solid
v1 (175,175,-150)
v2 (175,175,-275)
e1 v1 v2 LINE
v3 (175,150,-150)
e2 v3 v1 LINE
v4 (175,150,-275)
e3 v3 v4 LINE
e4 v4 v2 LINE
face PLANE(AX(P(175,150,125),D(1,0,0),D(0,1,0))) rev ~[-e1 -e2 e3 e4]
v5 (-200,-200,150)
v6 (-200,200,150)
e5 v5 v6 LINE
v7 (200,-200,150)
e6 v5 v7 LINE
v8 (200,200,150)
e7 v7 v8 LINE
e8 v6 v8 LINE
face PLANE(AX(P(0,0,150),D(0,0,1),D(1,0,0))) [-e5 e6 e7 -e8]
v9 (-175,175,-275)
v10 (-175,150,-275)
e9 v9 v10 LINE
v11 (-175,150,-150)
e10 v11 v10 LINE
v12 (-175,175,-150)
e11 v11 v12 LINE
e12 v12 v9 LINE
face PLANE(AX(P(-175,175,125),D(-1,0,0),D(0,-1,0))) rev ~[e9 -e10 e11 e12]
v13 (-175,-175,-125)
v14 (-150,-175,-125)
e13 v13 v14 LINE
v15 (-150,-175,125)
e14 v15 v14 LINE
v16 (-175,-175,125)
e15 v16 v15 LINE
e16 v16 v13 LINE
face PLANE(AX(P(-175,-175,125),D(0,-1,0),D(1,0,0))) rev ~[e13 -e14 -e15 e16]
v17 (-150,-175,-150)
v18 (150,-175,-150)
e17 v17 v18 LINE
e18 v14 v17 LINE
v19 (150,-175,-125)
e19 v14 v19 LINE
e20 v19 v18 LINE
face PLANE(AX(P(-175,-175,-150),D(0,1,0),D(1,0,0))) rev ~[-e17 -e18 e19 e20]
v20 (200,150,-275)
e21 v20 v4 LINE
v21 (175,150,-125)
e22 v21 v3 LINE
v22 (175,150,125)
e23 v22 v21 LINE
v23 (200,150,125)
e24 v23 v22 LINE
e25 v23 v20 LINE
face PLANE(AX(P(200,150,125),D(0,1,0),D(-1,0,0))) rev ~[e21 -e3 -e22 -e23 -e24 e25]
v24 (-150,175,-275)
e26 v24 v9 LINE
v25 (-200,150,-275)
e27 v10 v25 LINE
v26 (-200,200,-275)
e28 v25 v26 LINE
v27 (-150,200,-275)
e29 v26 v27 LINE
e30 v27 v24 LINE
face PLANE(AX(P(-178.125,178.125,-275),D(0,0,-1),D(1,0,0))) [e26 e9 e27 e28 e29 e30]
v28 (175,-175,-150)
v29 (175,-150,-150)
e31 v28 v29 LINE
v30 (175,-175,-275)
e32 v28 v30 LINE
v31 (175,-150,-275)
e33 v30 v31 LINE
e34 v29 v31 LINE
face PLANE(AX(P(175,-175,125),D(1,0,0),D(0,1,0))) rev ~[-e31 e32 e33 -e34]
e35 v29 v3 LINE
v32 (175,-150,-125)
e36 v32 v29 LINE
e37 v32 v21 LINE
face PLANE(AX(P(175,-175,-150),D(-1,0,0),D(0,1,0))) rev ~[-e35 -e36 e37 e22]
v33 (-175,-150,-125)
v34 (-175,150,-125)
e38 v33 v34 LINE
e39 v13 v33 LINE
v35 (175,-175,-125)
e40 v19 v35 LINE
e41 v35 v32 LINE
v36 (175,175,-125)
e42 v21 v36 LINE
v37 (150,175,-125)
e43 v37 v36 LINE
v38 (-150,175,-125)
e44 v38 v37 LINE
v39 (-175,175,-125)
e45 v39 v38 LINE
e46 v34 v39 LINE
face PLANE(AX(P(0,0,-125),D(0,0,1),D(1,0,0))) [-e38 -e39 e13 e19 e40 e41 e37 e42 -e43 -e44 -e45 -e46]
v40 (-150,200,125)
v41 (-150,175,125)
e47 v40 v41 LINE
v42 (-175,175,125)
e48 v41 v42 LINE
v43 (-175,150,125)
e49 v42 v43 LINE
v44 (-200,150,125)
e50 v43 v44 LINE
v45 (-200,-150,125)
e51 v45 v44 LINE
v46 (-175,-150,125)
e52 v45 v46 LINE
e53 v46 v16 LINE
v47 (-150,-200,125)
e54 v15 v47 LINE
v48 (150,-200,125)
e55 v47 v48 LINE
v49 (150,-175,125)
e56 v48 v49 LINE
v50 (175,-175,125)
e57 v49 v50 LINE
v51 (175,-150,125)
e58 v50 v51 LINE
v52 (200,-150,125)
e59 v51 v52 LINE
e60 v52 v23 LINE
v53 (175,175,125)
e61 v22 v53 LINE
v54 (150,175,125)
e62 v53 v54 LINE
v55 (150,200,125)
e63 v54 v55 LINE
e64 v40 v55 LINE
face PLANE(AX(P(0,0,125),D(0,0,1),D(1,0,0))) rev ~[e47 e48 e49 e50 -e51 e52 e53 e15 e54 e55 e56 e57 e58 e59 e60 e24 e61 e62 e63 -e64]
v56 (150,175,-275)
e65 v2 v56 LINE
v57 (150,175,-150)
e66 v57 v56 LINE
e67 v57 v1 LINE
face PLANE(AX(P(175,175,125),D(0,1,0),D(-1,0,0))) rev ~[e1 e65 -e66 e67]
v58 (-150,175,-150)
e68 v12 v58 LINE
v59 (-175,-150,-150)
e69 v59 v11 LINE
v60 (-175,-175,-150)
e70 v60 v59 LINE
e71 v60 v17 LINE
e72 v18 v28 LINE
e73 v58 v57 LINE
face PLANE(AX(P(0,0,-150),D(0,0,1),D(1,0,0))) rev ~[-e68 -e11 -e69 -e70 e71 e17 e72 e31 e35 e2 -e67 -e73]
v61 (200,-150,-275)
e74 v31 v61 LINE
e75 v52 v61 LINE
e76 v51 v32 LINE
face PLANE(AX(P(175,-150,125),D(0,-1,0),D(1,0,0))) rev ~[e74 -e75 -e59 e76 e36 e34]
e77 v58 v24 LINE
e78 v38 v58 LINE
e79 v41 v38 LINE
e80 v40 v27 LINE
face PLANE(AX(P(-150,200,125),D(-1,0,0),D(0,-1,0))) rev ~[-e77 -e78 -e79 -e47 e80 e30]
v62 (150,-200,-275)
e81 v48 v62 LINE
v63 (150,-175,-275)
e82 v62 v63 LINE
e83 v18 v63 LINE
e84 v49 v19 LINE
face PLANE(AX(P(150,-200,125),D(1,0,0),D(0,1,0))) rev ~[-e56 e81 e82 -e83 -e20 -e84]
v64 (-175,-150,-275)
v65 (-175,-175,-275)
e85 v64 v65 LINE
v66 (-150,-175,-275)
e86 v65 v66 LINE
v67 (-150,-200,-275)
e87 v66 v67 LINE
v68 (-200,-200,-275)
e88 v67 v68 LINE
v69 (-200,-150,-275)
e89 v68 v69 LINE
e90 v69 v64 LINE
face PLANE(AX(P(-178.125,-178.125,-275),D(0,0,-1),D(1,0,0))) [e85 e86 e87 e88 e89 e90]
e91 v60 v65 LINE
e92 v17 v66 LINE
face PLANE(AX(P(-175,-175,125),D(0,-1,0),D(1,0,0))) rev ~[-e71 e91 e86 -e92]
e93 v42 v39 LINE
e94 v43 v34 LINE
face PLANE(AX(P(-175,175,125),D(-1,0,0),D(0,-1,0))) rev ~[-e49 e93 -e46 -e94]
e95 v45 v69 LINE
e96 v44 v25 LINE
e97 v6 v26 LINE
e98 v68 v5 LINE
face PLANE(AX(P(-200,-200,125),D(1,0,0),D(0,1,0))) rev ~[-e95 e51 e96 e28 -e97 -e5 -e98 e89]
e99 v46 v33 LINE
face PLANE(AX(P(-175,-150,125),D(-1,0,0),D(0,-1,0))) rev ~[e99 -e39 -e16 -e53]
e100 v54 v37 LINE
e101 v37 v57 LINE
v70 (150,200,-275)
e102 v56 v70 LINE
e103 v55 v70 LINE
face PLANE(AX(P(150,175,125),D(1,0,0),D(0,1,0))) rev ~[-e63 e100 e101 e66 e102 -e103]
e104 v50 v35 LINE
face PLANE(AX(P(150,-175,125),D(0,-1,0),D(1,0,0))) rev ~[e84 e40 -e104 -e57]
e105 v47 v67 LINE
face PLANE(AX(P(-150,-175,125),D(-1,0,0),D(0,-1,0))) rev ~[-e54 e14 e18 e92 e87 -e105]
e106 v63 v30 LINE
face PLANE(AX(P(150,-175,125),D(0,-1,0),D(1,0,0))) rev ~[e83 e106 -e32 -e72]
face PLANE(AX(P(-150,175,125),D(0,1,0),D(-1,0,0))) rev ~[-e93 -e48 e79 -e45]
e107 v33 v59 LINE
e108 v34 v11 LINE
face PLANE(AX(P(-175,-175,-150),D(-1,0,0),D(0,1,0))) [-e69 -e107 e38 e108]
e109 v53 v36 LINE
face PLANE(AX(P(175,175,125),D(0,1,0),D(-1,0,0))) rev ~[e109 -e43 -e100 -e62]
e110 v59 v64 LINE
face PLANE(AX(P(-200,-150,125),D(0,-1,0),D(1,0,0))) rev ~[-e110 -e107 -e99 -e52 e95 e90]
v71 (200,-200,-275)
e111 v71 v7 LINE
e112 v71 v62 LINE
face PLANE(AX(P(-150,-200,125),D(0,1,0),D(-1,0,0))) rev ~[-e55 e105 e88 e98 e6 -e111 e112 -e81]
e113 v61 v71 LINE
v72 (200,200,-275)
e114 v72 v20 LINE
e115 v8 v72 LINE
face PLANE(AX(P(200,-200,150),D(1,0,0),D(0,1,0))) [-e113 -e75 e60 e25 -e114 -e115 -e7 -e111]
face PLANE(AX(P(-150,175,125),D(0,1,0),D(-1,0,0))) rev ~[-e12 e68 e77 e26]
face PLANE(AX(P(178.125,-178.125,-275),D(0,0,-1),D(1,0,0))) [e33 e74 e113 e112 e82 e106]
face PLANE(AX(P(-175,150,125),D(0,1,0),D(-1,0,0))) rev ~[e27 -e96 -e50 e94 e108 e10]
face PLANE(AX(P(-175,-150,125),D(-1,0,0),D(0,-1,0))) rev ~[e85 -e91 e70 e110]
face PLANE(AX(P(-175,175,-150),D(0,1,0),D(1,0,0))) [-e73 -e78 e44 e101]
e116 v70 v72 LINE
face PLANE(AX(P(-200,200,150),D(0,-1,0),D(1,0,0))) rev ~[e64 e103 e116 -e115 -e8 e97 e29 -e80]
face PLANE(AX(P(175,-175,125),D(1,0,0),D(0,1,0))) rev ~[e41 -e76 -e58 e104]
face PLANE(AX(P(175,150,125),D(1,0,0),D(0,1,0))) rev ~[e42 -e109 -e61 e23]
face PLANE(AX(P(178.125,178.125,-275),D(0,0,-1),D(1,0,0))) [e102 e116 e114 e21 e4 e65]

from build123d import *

# Parameters (mm, degrees)
F1_W     = 400
F1_H     = 400
F2_DEPTH = 25
F4_DEPTH = 400
F6_W     = 350
F6_H     = 350
F7_DEPTH = 25


with BuildPart() as f2:
    # F1 (on offset) → F2 (new body)
    with BuildSketch(Plane.XY.offset(150)):
        Rectangle(F1_W, F1_H)
    extrude(amount=-F2_DEPTH)

    # F3 (on face) → F4 (join)
    with BuildSketch(Plane(origin=(0, 0, 125), x_dir=(1, 0, 0), z_dir=(0, 0, -1))):
        Polygon((-200, 200), (-200, 150), (-175, 150), (-175, 175), (-150, 175), (-150, 200), align=None)
        Polygon((150, 175), (175, 175), (175, 150), (200, 150), (200, 200), (150, 200), align=None)
        Polygon((-150, -175), (-175, -175), (-175, -150), (-200, -150), (-200, -200), (-150, -200), align=None)
        Polygon((175, -150), (175, -175), (150, -175), (150, -200), (200, -200), (200, -150), align=None)
    extrude(amount=F4_DEPTH)

    # F6 (on offset) → F7 (join)
    with BuildSketch(Plane.XY.offset(-150)):
        Rectangle(F6_W, F6_H)
    extrude(amount=F7_DEPTH)


solid = f2.part
